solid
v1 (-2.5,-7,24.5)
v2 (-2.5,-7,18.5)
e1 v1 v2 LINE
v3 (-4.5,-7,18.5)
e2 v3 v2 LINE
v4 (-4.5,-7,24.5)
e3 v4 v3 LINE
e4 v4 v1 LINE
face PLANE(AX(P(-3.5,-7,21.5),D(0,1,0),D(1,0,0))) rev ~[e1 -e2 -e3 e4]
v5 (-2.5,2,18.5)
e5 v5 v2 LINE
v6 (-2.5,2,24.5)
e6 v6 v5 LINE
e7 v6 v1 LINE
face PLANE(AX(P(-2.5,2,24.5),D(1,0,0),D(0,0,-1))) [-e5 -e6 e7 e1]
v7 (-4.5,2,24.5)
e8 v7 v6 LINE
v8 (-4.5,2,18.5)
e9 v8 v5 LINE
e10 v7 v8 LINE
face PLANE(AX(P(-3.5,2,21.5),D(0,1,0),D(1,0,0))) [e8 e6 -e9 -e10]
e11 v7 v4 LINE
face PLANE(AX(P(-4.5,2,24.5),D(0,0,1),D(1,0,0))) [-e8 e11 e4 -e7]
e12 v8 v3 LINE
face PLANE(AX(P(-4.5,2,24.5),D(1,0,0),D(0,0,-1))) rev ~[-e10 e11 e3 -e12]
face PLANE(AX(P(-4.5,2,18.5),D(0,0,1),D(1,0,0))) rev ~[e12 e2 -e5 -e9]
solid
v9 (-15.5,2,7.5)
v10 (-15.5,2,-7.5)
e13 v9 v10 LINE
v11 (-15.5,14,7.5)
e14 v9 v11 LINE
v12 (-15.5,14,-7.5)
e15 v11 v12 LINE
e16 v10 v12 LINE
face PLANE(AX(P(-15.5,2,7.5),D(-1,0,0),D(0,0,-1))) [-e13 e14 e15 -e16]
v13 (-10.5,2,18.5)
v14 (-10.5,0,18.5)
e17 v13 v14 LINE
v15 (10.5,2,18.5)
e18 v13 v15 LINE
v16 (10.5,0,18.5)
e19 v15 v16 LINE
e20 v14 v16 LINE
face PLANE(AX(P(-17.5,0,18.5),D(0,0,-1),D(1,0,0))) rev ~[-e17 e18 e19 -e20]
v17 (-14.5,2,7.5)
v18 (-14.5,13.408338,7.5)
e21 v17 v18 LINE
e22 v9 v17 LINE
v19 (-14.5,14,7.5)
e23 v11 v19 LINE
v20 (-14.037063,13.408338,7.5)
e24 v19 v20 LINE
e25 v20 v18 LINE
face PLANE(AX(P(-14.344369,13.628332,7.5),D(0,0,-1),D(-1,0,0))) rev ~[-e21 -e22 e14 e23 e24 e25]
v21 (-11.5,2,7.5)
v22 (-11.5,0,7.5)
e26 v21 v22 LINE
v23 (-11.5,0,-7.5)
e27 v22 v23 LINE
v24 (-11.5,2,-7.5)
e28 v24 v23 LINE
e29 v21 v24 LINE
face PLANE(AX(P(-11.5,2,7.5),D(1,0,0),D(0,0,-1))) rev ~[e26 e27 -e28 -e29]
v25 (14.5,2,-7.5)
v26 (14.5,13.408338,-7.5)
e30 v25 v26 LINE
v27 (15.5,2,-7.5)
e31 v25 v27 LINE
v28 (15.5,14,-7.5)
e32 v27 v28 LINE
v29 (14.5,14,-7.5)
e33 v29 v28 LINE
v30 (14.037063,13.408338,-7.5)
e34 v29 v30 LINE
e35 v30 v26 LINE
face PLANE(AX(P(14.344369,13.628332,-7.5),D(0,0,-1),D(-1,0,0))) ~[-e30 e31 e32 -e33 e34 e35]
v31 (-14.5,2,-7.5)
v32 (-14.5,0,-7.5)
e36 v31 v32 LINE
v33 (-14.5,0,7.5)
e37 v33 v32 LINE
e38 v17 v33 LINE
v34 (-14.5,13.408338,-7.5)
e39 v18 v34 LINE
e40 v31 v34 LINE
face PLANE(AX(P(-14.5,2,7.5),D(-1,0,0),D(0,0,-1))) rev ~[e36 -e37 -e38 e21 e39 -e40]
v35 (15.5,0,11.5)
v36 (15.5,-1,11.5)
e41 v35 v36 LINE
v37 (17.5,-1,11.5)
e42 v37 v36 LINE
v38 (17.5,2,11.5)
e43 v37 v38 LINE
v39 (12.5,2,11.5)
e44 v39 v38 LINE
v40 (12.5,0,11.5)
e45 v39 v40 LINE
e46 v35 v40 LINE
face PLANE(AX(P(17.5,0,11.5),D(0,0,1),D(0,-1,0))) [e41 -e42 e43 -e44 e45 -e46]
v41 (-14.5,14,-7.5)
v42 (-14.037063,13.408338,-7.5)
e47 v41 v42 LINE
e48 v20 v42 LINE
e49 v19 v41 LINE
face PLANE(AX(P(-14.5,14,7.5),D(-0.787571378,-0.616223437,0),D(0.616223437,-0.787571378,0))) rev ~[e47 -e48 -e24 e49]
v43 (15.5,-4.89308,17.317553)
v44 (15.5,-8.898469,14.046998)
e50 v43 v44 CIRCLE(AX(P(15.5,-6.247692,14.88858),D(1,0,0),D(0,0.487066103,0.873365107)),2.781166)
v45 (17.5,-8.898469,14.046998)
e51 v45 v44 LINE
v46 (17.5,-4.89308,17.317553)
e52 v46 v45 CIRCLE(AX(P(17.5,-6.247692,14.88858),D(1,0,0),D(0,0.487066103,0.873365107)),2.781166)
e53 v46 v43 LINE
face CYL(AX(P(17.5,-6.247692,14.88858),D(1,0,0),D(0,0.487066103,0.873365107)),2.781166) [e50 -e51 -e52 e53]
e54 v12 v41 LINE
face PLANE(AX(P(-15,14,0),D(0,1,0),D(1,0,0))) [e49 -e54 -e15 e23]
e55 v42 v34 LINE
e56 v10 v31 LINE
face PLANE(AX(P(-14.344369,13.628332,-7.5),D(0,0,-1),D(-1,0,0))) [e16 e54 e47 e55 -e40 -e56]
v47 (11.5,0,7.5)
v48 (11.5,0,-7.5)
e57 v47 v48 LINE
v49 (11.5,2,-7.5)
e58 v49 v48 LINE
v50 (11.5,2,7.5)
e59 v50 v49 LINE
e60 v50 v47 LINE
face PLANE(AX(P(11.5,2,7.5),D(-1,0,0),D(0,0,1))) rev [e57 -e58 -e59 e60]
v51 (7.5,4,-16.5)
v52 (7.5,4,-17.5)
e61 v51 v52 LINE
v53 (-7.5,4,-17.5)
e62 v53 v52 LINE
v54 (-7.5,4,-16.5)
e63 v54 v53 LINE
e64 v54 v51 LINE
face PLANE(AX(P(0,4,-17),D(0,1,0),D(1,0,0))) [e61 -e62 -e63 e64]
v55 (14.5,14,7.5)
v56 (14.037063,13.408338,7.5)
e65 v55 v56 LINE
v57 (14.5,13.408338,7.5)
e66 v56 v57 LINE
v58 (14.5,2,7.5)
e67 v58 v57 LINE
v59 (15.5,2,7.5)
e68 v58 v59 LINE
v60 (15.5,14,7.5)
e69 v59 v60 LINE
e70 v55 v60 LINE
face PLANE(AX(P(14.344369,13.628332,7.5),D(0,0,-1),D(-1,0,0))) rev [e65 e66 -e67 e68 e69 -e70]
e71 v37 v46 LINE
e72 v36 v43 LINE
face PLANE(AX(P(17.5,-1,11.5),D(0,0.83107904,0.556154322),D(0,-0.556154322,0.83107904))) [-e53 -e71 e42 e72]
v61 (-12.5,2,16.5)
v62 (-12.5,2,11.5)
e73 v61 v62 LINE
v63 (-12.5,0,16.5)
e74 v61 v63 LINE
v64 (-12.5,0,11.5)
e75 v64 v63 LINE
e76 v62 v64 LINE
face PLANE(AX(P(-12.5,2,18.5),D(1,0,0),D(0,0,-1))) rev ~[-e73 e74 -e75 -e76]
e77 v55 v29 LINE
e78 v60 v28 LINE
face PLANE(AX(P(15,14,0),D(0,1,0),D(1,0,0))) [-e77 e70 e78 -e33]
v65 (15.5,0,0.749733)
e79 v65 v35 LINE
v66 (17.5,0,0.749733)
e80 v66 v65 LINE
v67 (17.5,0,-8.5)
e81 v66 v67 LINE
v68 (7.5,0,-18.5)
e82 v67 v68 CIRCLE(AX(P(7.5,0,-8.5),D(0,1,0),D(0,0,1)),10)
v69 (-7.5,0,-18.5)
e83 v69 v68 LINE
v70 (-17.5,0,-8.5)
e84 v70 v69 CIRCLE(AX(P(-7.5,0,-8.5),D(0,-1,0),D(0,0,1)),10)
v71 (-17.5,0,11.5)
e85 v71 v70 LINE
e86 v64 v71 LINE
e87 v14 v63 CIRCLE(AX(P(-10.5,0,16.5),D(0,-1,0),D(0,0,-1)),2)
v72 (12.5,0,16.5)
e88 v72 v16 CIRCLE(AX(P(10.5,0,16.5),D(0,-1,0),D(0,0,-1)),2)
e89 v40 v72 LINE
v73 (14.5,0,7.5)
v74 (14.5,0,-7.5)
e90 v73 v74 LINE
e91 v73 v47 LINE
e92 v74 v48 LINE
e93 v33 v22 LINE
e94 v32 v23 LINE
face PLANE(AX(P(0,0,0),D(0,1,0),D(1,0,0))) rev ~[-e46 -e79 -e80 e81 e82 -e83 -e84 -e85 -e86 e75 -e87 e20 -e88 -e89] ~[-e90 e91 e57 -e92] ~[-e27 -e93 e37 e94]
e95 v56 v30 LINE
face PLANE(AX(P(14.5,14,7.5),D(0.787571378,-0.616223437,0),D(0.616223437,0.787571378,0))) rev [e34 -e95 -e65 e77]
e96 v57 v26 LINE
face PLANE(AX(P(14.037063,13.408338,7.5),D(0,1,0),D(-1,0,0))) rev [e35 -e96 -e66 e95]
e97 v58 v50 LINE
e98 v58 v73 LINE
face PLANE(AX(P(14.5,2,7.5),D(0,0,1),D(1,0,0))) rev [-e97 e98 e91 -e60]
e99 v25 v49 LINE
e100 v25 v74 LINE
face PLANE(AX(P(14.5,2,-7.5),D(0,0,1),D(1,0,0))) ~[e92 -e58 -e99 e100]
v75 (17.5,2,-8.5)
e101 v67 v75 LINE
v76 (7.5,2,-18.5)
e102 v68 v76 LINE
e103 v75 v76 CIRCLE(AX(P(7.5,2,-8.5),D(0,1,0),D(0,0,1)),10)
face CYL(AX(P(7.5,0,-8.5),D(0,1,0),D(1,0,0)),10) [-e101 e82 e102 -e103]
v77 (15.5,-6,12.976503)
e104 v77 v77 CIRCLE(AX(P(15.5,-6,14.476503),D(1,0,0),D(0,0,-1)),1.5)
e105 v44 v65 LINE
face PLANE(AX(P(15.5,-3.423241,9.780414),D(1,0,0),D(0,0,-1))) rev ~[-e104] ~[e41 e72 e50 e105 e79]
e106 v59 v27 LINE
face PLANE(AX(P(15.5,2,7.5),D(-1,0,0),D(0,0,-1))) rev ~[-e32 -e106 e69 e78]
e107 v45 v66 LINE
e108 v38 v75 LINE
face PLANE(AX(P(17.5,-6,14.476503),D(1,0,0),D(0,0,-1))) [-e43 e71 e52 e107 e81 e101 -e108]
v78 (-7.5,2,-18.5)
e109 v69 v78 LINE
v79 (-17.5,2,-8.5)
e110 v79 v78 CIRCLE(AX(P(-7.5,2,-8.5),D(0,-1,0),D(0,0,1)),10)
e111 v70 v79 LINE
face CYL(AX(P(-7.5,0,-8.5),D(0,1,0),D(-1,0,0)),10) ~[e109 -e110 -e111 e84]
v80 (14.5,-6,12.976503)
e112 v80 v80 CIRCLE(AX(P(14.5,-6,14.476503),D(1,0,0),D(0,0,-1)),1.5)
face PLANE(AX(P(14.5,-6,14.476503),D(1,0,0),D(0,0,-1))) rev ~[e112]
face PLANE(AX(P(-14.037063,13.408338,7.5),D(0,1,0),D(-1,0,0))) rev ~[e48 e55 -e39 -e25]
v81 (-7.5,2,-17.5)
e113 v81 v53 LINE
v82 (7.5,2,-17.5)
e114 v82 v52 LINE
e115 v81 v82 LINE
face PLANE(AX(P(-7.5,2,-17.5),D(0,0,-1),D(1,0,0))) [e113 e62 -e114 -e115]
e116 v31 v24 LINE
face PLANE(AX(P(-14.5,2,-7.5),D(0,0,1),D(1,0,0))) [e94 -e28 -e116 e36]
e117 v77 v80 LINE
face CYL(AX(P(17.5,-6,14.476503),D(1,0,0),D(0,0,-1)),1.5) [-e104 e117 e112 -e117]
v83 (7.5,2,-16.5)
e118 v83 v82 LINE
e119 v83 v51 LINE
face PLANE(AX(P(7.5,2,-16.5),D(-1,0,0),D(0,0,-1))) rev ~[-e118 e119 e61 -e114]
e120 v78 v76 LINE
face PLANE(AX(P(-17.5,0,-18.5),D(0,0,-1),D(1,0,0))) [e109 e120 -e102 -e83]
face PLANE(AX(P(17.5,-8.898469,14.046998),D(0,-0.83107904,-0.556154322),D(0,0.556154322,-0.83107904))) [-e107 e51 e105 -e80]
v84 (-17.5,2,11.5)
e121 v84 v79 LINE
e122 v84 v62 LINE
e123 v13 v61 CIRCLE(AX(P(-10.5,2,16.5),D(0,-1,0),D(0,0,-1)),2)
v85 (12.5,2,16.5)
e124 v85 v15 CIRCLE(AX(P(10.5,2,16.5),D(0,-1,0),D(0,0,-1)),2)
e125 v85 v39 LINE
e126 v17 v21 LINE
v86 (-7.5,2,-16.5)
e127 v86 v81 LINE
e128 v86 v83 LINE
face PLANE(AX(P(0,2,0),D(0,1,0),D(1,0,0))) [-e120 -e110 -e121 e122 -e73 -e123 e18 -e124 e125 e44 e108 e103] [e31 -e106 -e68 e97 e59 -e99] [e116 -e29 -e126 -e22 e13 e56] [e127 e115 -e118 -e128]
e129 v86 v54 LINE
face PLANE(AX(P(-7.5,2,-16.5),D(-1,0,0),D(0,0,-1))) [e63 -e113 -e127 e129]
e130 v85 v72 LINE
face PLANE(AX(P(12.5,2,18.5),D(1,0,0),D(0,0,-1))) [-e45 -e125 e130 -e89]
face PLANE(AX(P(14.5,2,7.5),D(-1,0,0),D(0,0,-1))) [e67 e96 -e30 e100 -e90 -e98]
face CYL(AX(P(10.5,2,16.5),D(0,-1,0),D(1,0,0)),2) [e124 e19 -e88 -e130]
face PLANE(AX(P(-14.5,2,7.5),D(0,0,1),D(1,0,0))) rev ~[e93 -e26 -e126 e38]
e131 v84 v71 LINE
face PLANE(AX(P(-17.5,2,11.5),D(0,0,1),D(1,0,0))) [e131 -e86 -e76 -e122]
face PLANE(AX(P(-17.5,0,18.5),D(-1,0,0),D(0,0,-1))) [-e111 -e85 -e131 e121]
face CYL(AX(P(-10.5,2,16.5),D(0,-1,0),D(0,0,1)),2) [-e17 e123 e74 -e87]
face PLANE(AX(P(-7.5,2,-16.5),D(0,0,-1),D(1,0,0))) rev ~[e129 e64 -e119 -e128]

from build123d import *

# Parameters (mm, degrees)
SKETCH1_W           = 35
SKETCH1_H           = 37
BOSS_EXTRUDE1_DEPTH = 2
FILLET1_R           = 10
SKETCH2_W           = 15
SKETCH2_H           = 1
BOSS_EXTRUDE2_DEPTH = 2
CUT_EXTRUDE1_REACH  = 4
SKETCH3_W           = 5
SKETCH3_H           = 7
FILLET2_R           = 2
BOSS_EXTRUDE3_DEPTH = 2
SKETCH5_R           = 1.5
BOSS_EXTRUDE4_DEPTH = 3
SKETCH6_W           = 1
SKETCH6_H           = 15
BOSS_EXTRUDE5_DEPTH = 12
BOSS_EXTRUDE6_DEPTH = 15
SKETCH8_W           = 3
SKETCH8_H           = 15
CUT_EXTRUDE4_DEPTH  = 2
SKETCH11_W          = 2
SKETCH11_H          = 6
BOSS_EXTRUDE8_DEPTH = 9


with BuildPart() as part:
    # Sketch1 → Boss-Extrude1 (new body)
    with BuildSketch(Plane(origin=(0, 0, 0), x_dir=(1, 0, 0), z_dir=(0, 1, 0))):
        Rectangle(SKETCH1_W, SKETCH1_H)
    extrude(amount=BOSS_EXTRUDE1_DEPTH)

    # Fillet1
    fillet1_edges = [part.edges().sort_by_distance(p)[0] for p in [
        (-17.5, 1, -18.5),
        (17.5, 1, -18.5),
    ]]
    fillet(fillet1_edges, radius=FILLET1_R)

    # Sketch2 → Boss-Extrude2 (add)
    with BuildSketch(Plane(origin=(0, 2, 0), x_dir=(1, 0, 0), z_dir=(0, 1, 0))):
        with Locations((0, 17)):
            Rectangle(SKETCH2_W, SKETCH2_H)
    extrude(amount=BOSS_EXTRUDE2_DEPTH)

    # Sketch3 → Cut-Extrude1 (cut, up to next)
    with BuildSketch(Plane(origin=(0, 2, 0), x_dir=(1, 0, 0), z_dir=(0, 1, 0)), mode=Mode.PRIVATE) as cut_extrude1_sk1:
        with Locations((15, -15)):
            Rectangle(SKETCH3_W, SKETCH3_H)
    cut_extrude1_tool1 = extrude(cut_extrude1_sk1.sketch, amount=-CUT_EXTRUDE1_REACH, mode=Mode.PRIVATE) & part.part
    add(cut_extrude1_tool1.solids().sort_by_distance((15, 2, 15))[0], mode=Mode.SUBTRACT)
    # Sketch3 → Cut-Extrude1 (cut, up to next)
    with BuildSketch(Plane(origin=(0, 2, 0), x_dir=(1, 0, 0), z_dir=(0, 1, 0)), mode=Mode.PRIVATE) as cut_extrude1_sk2:
        with Locations((-15, -15)):
            Rectangle(SKETCH3_W, SKETCH3_H)
    cut_extrude1_tool2 = extrude(cut_extrude1_sk2.sketch, amount=-CUT_EXTRUDE1_REACH, mode=Mode.PRIVATE) & part.part
    add(cut_extrude1_tool2.solids().sort_by_distance((-15, 2, 15))[0], mode=Mode.SUBTRACT)

    # Fillet2
    fillet2_edges = [part.edges().sort_by_distance(p)[0] for p in [
        (12.5, 1, 18.5),
        (-12.5, 1, 18.5),
    ]]
    fillet(fillet2_edges, radius=FILLET2_R)

    # Sketch4 → Boss-Extrude3 (add)
    with BuildSketch(Plane(origin=(17.5, 0, 0), x_dir=(0, 0, -1), z_dir=(1, 0, 0))):
        with BuildLine():
            Line((-11.5, 0), (-11.5, -1))
            Line((-11.5, -1), (-17.31755328, -4.893080251))
            ThreePointArc((-17.31755328, -4.893080251), (-17.042817275, -8.006709978), (-14.046997598, -8.898469144))
            Line((-14.046997598, -8.898469144), (-0.749732959, 0))
            Line((-0.749732959, 0), (-11.5, 0))
        make_face()
    extrude(amount=-BOSS_EXTRUDE3_DEPTH)

    # Sketch5 → Boss-Extrude4 (add)
    with BuildSketch(Plane(origin=(17.5, 0, 0), x_dir=(0, 0, -1), z_dir=(1, 0, 0))):
        with Locations((-14.476503348, -6)):
            Circle(SKETCH5_R)
    extrude(amount=-BOSS_EXTRUDE4_DEPTH)

    # Sketch6 → Boss-Extrude5 (add)
    with BuildSketch(Plane(origin=(0, 2, 0), x_dir=(1, 0, 0), z_dir=(0, 1, 0))):
        with Locations((15, 0)):
            Rectangle(SKETCH6_W, SKETCH6_H)
        with Locations((-15, 0)):
            Rectangle(SKETCH6_W, SKETCH6_H)
    extrude(amount=BOSS_EXTRUDE5_DEPTH)

    # Sketch7 → Boss-Extrude6 (add)
    with BuildSketch(Plane.XY.offset(7.5)):
        Polygon((-14.5, 14), (-14.037063051, 13.408338163), (-14.5, 13.408338163), align=None)
    boss_extrude6 = extrude(amount=-BOSS_EXTRUDE6_DEPTH)

    # Mirror1: Boss-Extrude6 across plane
    add(boss_extrude6.mirror(Plane(origin=(0, 0, 0), x_dir=(0, 0, 1), z_dir=(1, 0, 0))))

    # Sketch8 → Cut-Extrude4 (cut)
    with BuildSketch(Plane(origin=(0, 2, 0), x_dir=(1, 0, 0), z_dir=(0, 1, 0))):
        with Locations((-13, 0)):
            Rectangle(SKETCH8_W, SKETCH8_H)
    cut_extrude4 = extrude(amount=-CUT_EXTRUDE4_DEPTH, mode=Mode.SUBTRACT)

    # Mirror2: Cut-Extrude4 across plane
    add(cut_extrude4.mirror(Plane(origin=(0, 0, 0), x_dir=(0, 0, 1), z_dir=(1, 0, 0))), mode=Mode.SUBTRACT)


with BuildPart() as body_2:
    # Sketch11 → Boss-Extrude8 (new body)
    with BuildSketch(Plane(origin=(0, 2, 0), x_dir=(1, 0, 0), z_dir=(0, 1, 0))):
        with Locations((-3.5, -21.5)):
            Rectangle(SKETCH11_W, SKETCH11_H)
    extrude(amount=-BOSS_EXTRUDE8_DEPTH)


solid = Compound([part.part, body_2.part])
